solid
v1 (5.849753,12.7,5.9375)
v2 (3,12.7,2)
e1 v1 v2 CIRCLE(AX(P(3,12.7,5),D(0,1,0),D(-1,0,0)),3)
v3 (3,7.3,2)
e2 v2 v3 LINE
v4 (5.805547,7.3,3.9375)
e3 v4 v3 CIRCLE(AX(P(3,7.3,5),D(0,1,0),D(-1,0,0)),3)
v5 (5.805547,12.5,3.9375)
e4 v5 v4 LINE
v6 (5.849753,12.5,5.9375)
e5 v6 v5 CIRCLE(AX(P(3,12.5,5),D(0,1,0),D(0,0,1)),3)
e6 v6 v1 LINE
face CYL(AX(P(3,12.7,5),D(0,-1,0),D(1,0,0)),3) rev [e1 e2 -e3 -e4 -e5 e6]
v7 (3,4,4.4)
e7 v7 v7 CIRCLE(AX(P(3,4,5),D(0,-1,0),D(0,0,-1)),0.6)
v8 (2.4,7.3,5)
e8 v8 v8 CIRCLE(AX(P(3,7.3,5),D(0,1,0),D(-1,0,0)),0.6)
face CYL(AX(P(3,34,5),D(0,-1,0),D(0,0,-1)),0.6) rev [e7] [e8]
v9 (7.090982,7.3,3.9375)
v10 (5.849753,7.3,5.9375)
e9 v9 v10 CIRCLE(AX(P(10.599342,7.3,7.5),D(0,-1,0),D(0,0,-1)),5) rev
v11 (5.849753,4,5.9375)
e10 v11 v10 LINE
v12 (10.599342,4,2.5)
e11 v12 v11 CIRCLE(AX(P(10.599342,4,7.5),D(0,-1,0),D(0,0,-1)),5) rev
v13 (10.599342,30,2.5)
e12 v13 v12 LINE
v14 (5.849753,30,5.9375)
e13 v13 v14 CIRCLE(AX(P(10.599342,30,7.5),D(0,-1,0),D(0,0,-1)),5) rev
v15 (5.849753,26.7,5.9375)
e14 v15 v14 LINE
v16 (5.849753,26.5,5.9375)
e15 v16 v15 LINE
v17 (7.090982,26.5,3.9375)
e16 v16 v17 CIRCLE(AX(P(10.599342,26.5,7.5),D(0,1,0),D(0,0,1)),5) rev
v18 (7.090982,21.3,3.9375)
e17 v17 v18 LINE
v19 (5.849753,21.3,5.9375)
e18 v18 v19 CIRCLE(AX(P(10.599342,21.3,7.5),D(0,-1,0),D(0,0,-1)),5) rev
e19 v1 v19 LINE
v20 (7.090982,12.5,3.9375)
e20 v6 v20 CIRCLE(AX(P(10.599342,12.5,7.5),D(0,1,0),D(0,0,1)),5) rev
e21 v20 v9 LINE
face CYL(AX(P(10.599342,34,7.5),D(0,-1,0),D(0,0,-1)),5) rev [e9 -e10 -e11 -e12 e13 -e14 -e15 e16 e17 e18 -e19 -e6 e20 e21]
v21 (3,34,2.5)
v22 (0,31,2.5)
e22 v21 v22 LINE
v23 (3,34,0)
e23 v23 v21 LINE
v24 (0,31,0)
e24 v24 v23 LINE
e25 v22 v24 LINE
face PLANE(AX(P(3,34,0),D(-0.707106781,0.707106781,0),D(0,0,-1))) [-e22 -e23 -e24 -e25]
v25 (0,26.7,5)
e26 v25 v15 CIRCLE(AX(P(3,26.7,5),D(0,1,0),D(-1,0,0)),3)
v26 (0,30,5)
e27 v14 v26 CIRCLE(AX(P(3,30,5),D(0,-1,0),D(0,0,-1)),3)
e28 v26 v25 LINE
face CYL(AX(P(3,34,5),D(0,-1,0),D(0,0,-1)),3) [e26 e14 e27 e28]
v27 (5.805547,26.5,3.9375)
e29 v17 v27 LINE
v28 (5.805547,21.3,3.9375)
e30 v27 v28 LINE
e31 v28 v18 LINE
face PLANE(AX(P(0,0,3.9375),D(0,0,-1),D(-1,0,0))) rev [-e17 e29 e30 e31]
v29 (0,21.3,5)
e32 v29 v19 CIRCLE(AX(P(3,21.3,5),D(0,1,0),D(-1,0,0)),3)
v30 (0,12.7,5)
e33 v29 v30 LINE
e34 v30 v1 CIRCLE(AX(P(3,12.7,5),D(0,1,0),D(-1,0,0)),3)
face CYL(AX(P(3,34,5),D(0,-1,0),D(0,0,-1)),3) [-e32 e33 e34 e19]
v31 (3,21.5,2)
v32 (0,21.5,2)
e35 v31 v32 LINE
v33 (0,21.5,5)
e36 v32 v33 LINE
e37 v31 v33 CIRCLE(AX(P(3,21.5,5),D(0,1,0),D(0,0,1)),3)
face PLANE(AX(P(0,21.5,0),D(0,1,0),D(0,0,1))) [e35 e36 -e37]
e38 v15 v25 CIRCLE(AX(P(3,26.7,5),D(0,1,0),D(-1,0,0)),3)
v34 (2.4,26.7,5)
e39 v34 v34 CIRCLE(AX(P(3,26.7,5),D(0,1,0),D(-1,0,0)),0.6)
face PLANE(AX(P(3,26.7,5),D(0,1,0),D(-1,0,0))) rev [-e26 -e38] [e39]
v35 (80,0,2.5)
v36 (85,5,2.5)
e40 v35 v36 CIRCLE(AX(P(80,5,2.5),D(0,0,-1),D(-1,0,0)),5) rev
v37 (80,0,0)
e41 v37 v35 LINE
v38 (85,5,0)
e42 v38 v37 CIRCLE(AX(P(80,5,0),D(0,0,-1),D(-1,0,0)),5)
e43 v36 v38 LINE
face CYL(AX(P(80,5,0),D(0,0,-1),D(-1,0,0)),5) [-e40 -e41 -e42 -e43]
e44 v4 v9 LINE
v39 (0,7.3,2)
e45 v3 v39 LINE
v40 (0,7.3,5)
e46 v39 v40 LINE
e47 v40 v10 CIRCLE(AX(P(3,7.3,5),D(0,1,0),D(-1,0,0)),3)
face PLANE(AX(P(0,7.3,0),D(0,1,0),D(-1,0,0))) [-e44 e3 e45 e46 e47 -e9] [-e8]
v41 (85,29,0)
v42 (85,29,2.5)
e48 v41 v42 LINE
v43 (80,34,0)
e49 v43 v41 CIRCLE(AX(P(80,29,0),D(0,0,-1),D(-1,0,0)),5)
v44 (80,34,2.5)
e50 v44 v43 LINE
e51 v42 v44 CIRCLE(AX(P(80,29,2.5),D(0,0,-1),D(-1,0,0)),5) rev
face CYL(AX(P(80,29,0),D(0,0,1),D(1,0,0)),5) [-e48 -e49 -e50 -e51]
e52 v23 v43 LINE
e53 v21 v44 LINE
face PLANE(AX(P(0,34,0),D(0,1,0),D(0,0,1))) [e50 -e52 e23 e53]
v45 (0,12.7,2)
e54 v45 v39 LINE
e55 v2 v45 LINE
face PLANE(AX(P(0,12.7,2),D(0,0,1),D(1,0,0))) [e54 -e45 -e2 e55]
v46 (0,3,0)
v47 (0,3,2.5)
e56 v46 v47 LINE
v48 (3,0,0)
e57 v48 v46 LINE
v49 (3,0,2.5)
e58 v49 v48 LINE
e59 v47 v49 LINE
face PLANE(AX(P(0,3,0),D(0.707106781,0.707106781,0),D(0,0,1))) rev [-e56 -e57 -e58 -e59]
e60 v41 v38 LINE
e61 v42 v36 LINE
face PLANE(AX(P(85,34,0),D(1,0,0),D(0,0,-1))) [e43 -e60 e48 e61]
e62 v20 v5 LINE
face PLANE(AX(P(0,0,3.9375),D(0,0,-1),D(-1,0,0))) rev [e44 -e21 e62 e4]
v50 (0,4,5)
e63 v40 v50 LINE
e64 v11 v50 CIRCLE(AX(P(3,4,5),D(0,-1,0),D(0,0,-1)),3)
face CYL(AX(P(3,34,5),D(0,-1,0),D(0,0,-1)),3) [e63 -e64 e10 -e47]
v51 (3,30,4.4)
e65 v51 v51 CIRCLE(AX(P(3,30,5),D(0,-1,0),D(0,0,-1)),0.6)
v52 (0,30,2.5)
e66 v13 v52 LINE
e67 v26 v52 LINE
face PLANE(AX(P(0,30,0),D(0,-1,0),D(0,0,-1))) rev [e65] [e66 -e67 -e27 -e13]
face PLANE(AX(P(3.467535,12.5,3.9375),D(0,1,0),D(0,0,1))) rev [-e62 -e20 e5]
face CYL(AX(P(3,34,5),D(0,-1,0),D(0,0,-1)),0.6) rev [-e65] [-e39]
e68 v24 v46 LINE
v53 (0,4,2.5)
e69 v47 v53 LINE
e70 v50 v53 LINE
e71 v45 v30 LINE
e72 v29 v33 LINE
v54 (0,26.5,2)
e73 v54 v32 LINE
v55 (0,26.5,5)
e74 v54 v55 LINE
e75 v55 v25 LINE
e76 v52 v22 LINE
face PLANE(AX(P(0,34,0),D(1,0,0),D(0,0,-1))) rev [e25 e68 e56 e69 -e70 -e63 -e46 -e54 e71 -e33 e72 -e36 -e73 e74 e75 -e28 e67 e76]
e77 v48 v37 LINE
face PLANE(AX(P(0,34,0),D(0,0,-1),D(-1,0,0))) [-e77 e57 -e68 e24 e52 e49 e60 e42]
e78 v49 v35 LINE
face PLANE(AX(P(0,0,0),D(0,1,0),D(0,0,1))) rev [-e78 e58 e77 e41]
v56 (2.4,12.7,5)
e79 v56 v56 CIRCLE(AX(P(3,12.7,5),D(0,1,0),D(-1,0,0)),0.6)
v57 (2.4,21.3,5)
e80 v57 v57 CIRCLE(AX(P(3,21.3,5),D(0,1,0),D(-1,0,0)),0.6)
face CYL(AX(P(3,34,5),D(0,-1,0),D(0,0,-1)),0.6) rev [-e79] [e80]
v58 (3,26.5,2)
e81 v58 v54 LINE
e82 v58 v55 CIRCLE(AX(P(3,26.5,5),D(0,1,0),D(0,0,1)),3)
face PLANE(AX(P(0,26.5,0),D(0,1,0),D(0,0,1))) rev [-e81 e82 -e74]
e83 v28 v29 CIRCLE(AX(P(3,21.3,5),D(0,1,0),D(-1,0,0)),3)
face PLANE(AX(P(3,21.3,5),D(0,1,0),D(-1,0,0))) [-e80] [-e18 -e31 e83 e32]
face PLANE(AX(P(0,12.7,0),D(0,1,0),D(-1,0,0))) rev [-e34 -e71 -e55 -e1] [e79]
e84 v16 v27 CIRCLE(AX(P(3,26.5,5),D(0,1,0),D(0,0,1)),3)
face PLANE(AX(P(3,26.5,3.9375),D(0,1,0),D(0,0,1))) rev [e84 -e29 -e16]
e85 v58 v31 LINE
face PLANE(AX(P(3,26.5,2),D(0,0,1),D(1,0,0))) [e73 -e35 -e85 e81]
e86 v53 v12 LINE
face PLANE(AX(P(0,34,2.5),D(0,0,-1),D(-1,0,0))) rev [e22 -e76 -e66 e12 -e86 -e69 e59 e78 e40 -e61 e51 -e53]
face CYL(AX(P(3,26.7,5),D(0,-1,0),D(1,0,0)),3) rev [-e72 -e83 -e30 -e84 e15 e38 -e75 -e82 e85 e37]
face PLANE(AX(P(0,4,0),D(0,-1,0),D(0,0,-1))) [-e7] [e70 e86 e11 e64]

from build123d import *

# Parameters (mm, degrees)
BOSS_EXTRUDE1_DEPTH     = 34
FILLET1_R               = 5
CUT_EXTRUDE1_DEPTH      = 2.7
CUT_EXTRUDE1_DEPTH_BACK = 2.7
SKETCH3_R               = 3
CUT_EXTRUDE2_DEPTH      = 2.5
CUT_EXTRUDE2_DEPTH_BACK = 2.5
CUT_EXTRUDE3_DEPTH      = 2.7
CUT_EXTRUDE3_DEPTH_BACK = 2.7
SKETCH6_R               = 3
SKETCH7_W               = 20.448170552
SKETCH7_H               = 9.707468646
CUT_EXTRUDE4_DEPTH      = 4
SKETCH8_W               = 21.500714273
SKETCH8_H               = 8.005332222
CUT_EXTRUDE5_DEPTH      = 4
CHAMFER1_SIZE           = 3
FILLET2_R               = 5
SKETCH9_W               = 5.495998252
SKETCH9_H               = 5.2
SKETCH9_W_2             = 5.526351164
CUT_EXTRUDE6_DEPTH      = 2


with BuildPart() as part:
    # Sketch1 → Boss-Extrude1 (new body)
    with BuildSketch(Plane(origin=(0, 0, 0), x_dir=(1, 0, 0), z_dir=(0, 1, 0))):
        with BuildLine():
            Line((85, 0), (3, 0))
            Line((3, 0), (3, -2))
            ThreePointArc((3, -2), (3.866025404, -2.127718677), (4.658312395, -2.5))
            Line((4.658312395, -2.5), (85, -2.5))
            Line((85, -2.5), (85, 0))
        make_face()
        with BuildLine():
            Line((3, -2), (3, 0))
            Line((3, 0), (0, 0))
            Line((0, 0), (0, -2.5))
            Line((0, -2.5), (1.341687605, -2.5))
            ThreePointArc((1.341687605, -2.5), (2.133974596, -2.127718677), (3, -2))
        make_face()
        with BuildLine():
            ThreePointArc((0, -5), (0.356617963, -3.581362835), (1.341687605, -2.5))
            Line((1.341687605, -2.5), (0, -2.5))
            Line((0, -2.5), (0, -5))
        make_face()
        with BuildLine():
            Line((3, -4.4), (3, -2.5))
            Line((3, -2.5), (0, -5))
            ThreePointArc((0, -5), (0.878679656, -7.121320344), (3, -8))
            Line((3, -8), (3, -5.6))
            ThreePointArc((3, -5.6), (2.4, -5), (3, -4.4))
        make_face()
        with BuildLine():
            Line((4.658312395, -2.5), (3, -2.5))
            Line((3, -2.5), (3, -4.4))
            ThreePointArc((3, -4.4), (3.424264069, -4.575735931), (3.6, -5))
            ThreePointArc((3.6, -5), (3.424264069, -5.424264069), (3, -5.6))
            Line((3, -5.6), (3, -8))
            ThreePointArc((3, -8), (5.121320344, -7.121320344), (6, -5))
            ThreePointArc((6, -5), (5.643382037, -3.581362835), (4.658312395, -2.5))
        make_face()
        with BuildLine():
            Line((0, -5), (3, -2.5))
            Line((3, -2.5), (1.341687605, -2.5))
            ThreePointArc((1.341687605, -2.5), (0.356617963, -3.581362835), (0, -5))
        make_face()
        with BuildLine():
            Line((3, -2.5), (3, -2))
            ThreePointArc((3, -2), (2.133974596, -2.127718677), (1.341687605, -2.5))
            Line((1.341687605, -2.5), (3, -2.5))
        make_face()
        with BuildLine():
            ThreePointArc((4.658312395, -2.5), (3.866025404, -2.127718677), (3, -2))
            Line((3, -2), (3, -2.5))
            Line((3, -2.5), (4.658312395, -2.5))
        make_face()
    extrude(amount=BOSS_EXTRUDE1_DEPTH)

    # Fillet1
    fillet1_edges = [part.edges().sort_by_distance(p)[0] for p in [
        (4.658312395, 17, 2.5),
    ]]
    fillet(fillet1_edges, radius=FILLET1_R)

    # Sketch3 → Cut-Extrude1 (cut, two sides: drawn at the far end of the back side and taken through both)
    with BuildSketch(Plane(origin=(0, 24, 0), x_dir=(1, 0, 0), z_dir=(0, 1, 0)).offset(-CUT_EXTRUDE1_DEPTH_BACK)):
        with Locations((3, -5)):
            Circle(SKETCH3_R)
    extrude(amount=CUT_EXTRUDE1_DEPTH + CUT_EXTRUDE1_DEPTH_BACK, mode=Mode.SUBTRACT)

    # Sketch5 → Cut-Extrude2 (cut, two sides: drawn at the far end of the back side and taken through both)
    with BuildSketch(Plane(origin=(0, 24, 0), x_dir=(1, 0, 0), z_dir=(0, 1, 0)).offset(-CUT_EXTRUDE2_DEPTH_BACK)):
        Polygon((3, -2), (-2.094466052, -2), (-2.094466052, -6.13547251), (2.720170219, -6.13547251), align=None)
    extrude(amount=CUT_EXTRUDE2_DEPTH + CUT_EXTRUDE2_DEPTH_BACK, mode=Mode.SUBTRACT)

    # Sketch6 → Cut-Extrude3 (cut, two sides: drawn at the far end of the back side and taken through both)
    with BuildSketch(Plane(origin=(0, 10, 0), x_dir=(1, 0, 0), z_dir=(0, 1, 0)).offset(-CUT_EXTRUDE3_DEPTH_BACK)):
        with Locations((3, -5)):
            Circle(SKETCH6_R)
        with BuildLine():
            ThreePointArc((0, -5), (0.878679656, -2.878679656), (3, -2))
            Line((3, -2), (0, -2))
            Line((0, -2), (0, -5))
        make_face()
    extrude(amount=CUT_EXTRUDE3_DEPTH + CUT_EXTRUDE3_DEPTH_BACK, mode=Mode.SUBTRACT)

    # Sketch7 → Cut-Extrude4 (cut)
    with BuildSketch(Plane(origin=(0, 34, 0), x_dir=(1, 0, 0), z_dir=(0, 1, 0))):
        with Locations((4.670623526, -7.353734323)):
            Rectangle(SKETCH7_W, SKETCH7_H)
    extrude(amount=-CUT_EXTRUDE4_DEPTH, mode=Mode.SUBTRACT)

    # Sketch8 → Cut-Extrude5 (cut)
    with BuildSketch(Plane.XZ):
        with Locations((3.718915286, 6.502666111)):
            Rectangle(SKETCH8_W, SKETCH8_H)
    extrude(amount=-CUT_EXTRUDE5_DEPTH, mode=Mode.SUBTRACT)

    # Chamfer1
    chamfer1_edges = [part.edges().sort_by_distance(p)[0] for p in [
        (0, 0, 1.25),
        (0, 34, 1.25),
    ]]
    chamfer(chamfer1_edges, length=CHAMFER1_SIZE)

    # Fillet2
    fillet2_edges = [part.edges().sort_by_distance(p)[0] for p in [
        (85, 34, 1.25),
        (85, 0, 1.25),
    ]]
    fillet(fillet2_edges, radius=FILLET2_R)

    # Sketch9 → Cut-Extrude6 (cut)
    with BuildSketch(Plane.XY.offset(5.9375)):
        with Locations((6.215533717, 9.9)):
            Rectangle(SKETCH9_W, SKETCH9_H)
        with Locations((5.763175582, 23.9)):
            Rectangle(SKETCH9_W_2, SKETCH9_H)
    extrude(amount=-CUT_EXTRUDE6_DEPTH, mode=Mode.SUBTRACT)


solid = part.part
